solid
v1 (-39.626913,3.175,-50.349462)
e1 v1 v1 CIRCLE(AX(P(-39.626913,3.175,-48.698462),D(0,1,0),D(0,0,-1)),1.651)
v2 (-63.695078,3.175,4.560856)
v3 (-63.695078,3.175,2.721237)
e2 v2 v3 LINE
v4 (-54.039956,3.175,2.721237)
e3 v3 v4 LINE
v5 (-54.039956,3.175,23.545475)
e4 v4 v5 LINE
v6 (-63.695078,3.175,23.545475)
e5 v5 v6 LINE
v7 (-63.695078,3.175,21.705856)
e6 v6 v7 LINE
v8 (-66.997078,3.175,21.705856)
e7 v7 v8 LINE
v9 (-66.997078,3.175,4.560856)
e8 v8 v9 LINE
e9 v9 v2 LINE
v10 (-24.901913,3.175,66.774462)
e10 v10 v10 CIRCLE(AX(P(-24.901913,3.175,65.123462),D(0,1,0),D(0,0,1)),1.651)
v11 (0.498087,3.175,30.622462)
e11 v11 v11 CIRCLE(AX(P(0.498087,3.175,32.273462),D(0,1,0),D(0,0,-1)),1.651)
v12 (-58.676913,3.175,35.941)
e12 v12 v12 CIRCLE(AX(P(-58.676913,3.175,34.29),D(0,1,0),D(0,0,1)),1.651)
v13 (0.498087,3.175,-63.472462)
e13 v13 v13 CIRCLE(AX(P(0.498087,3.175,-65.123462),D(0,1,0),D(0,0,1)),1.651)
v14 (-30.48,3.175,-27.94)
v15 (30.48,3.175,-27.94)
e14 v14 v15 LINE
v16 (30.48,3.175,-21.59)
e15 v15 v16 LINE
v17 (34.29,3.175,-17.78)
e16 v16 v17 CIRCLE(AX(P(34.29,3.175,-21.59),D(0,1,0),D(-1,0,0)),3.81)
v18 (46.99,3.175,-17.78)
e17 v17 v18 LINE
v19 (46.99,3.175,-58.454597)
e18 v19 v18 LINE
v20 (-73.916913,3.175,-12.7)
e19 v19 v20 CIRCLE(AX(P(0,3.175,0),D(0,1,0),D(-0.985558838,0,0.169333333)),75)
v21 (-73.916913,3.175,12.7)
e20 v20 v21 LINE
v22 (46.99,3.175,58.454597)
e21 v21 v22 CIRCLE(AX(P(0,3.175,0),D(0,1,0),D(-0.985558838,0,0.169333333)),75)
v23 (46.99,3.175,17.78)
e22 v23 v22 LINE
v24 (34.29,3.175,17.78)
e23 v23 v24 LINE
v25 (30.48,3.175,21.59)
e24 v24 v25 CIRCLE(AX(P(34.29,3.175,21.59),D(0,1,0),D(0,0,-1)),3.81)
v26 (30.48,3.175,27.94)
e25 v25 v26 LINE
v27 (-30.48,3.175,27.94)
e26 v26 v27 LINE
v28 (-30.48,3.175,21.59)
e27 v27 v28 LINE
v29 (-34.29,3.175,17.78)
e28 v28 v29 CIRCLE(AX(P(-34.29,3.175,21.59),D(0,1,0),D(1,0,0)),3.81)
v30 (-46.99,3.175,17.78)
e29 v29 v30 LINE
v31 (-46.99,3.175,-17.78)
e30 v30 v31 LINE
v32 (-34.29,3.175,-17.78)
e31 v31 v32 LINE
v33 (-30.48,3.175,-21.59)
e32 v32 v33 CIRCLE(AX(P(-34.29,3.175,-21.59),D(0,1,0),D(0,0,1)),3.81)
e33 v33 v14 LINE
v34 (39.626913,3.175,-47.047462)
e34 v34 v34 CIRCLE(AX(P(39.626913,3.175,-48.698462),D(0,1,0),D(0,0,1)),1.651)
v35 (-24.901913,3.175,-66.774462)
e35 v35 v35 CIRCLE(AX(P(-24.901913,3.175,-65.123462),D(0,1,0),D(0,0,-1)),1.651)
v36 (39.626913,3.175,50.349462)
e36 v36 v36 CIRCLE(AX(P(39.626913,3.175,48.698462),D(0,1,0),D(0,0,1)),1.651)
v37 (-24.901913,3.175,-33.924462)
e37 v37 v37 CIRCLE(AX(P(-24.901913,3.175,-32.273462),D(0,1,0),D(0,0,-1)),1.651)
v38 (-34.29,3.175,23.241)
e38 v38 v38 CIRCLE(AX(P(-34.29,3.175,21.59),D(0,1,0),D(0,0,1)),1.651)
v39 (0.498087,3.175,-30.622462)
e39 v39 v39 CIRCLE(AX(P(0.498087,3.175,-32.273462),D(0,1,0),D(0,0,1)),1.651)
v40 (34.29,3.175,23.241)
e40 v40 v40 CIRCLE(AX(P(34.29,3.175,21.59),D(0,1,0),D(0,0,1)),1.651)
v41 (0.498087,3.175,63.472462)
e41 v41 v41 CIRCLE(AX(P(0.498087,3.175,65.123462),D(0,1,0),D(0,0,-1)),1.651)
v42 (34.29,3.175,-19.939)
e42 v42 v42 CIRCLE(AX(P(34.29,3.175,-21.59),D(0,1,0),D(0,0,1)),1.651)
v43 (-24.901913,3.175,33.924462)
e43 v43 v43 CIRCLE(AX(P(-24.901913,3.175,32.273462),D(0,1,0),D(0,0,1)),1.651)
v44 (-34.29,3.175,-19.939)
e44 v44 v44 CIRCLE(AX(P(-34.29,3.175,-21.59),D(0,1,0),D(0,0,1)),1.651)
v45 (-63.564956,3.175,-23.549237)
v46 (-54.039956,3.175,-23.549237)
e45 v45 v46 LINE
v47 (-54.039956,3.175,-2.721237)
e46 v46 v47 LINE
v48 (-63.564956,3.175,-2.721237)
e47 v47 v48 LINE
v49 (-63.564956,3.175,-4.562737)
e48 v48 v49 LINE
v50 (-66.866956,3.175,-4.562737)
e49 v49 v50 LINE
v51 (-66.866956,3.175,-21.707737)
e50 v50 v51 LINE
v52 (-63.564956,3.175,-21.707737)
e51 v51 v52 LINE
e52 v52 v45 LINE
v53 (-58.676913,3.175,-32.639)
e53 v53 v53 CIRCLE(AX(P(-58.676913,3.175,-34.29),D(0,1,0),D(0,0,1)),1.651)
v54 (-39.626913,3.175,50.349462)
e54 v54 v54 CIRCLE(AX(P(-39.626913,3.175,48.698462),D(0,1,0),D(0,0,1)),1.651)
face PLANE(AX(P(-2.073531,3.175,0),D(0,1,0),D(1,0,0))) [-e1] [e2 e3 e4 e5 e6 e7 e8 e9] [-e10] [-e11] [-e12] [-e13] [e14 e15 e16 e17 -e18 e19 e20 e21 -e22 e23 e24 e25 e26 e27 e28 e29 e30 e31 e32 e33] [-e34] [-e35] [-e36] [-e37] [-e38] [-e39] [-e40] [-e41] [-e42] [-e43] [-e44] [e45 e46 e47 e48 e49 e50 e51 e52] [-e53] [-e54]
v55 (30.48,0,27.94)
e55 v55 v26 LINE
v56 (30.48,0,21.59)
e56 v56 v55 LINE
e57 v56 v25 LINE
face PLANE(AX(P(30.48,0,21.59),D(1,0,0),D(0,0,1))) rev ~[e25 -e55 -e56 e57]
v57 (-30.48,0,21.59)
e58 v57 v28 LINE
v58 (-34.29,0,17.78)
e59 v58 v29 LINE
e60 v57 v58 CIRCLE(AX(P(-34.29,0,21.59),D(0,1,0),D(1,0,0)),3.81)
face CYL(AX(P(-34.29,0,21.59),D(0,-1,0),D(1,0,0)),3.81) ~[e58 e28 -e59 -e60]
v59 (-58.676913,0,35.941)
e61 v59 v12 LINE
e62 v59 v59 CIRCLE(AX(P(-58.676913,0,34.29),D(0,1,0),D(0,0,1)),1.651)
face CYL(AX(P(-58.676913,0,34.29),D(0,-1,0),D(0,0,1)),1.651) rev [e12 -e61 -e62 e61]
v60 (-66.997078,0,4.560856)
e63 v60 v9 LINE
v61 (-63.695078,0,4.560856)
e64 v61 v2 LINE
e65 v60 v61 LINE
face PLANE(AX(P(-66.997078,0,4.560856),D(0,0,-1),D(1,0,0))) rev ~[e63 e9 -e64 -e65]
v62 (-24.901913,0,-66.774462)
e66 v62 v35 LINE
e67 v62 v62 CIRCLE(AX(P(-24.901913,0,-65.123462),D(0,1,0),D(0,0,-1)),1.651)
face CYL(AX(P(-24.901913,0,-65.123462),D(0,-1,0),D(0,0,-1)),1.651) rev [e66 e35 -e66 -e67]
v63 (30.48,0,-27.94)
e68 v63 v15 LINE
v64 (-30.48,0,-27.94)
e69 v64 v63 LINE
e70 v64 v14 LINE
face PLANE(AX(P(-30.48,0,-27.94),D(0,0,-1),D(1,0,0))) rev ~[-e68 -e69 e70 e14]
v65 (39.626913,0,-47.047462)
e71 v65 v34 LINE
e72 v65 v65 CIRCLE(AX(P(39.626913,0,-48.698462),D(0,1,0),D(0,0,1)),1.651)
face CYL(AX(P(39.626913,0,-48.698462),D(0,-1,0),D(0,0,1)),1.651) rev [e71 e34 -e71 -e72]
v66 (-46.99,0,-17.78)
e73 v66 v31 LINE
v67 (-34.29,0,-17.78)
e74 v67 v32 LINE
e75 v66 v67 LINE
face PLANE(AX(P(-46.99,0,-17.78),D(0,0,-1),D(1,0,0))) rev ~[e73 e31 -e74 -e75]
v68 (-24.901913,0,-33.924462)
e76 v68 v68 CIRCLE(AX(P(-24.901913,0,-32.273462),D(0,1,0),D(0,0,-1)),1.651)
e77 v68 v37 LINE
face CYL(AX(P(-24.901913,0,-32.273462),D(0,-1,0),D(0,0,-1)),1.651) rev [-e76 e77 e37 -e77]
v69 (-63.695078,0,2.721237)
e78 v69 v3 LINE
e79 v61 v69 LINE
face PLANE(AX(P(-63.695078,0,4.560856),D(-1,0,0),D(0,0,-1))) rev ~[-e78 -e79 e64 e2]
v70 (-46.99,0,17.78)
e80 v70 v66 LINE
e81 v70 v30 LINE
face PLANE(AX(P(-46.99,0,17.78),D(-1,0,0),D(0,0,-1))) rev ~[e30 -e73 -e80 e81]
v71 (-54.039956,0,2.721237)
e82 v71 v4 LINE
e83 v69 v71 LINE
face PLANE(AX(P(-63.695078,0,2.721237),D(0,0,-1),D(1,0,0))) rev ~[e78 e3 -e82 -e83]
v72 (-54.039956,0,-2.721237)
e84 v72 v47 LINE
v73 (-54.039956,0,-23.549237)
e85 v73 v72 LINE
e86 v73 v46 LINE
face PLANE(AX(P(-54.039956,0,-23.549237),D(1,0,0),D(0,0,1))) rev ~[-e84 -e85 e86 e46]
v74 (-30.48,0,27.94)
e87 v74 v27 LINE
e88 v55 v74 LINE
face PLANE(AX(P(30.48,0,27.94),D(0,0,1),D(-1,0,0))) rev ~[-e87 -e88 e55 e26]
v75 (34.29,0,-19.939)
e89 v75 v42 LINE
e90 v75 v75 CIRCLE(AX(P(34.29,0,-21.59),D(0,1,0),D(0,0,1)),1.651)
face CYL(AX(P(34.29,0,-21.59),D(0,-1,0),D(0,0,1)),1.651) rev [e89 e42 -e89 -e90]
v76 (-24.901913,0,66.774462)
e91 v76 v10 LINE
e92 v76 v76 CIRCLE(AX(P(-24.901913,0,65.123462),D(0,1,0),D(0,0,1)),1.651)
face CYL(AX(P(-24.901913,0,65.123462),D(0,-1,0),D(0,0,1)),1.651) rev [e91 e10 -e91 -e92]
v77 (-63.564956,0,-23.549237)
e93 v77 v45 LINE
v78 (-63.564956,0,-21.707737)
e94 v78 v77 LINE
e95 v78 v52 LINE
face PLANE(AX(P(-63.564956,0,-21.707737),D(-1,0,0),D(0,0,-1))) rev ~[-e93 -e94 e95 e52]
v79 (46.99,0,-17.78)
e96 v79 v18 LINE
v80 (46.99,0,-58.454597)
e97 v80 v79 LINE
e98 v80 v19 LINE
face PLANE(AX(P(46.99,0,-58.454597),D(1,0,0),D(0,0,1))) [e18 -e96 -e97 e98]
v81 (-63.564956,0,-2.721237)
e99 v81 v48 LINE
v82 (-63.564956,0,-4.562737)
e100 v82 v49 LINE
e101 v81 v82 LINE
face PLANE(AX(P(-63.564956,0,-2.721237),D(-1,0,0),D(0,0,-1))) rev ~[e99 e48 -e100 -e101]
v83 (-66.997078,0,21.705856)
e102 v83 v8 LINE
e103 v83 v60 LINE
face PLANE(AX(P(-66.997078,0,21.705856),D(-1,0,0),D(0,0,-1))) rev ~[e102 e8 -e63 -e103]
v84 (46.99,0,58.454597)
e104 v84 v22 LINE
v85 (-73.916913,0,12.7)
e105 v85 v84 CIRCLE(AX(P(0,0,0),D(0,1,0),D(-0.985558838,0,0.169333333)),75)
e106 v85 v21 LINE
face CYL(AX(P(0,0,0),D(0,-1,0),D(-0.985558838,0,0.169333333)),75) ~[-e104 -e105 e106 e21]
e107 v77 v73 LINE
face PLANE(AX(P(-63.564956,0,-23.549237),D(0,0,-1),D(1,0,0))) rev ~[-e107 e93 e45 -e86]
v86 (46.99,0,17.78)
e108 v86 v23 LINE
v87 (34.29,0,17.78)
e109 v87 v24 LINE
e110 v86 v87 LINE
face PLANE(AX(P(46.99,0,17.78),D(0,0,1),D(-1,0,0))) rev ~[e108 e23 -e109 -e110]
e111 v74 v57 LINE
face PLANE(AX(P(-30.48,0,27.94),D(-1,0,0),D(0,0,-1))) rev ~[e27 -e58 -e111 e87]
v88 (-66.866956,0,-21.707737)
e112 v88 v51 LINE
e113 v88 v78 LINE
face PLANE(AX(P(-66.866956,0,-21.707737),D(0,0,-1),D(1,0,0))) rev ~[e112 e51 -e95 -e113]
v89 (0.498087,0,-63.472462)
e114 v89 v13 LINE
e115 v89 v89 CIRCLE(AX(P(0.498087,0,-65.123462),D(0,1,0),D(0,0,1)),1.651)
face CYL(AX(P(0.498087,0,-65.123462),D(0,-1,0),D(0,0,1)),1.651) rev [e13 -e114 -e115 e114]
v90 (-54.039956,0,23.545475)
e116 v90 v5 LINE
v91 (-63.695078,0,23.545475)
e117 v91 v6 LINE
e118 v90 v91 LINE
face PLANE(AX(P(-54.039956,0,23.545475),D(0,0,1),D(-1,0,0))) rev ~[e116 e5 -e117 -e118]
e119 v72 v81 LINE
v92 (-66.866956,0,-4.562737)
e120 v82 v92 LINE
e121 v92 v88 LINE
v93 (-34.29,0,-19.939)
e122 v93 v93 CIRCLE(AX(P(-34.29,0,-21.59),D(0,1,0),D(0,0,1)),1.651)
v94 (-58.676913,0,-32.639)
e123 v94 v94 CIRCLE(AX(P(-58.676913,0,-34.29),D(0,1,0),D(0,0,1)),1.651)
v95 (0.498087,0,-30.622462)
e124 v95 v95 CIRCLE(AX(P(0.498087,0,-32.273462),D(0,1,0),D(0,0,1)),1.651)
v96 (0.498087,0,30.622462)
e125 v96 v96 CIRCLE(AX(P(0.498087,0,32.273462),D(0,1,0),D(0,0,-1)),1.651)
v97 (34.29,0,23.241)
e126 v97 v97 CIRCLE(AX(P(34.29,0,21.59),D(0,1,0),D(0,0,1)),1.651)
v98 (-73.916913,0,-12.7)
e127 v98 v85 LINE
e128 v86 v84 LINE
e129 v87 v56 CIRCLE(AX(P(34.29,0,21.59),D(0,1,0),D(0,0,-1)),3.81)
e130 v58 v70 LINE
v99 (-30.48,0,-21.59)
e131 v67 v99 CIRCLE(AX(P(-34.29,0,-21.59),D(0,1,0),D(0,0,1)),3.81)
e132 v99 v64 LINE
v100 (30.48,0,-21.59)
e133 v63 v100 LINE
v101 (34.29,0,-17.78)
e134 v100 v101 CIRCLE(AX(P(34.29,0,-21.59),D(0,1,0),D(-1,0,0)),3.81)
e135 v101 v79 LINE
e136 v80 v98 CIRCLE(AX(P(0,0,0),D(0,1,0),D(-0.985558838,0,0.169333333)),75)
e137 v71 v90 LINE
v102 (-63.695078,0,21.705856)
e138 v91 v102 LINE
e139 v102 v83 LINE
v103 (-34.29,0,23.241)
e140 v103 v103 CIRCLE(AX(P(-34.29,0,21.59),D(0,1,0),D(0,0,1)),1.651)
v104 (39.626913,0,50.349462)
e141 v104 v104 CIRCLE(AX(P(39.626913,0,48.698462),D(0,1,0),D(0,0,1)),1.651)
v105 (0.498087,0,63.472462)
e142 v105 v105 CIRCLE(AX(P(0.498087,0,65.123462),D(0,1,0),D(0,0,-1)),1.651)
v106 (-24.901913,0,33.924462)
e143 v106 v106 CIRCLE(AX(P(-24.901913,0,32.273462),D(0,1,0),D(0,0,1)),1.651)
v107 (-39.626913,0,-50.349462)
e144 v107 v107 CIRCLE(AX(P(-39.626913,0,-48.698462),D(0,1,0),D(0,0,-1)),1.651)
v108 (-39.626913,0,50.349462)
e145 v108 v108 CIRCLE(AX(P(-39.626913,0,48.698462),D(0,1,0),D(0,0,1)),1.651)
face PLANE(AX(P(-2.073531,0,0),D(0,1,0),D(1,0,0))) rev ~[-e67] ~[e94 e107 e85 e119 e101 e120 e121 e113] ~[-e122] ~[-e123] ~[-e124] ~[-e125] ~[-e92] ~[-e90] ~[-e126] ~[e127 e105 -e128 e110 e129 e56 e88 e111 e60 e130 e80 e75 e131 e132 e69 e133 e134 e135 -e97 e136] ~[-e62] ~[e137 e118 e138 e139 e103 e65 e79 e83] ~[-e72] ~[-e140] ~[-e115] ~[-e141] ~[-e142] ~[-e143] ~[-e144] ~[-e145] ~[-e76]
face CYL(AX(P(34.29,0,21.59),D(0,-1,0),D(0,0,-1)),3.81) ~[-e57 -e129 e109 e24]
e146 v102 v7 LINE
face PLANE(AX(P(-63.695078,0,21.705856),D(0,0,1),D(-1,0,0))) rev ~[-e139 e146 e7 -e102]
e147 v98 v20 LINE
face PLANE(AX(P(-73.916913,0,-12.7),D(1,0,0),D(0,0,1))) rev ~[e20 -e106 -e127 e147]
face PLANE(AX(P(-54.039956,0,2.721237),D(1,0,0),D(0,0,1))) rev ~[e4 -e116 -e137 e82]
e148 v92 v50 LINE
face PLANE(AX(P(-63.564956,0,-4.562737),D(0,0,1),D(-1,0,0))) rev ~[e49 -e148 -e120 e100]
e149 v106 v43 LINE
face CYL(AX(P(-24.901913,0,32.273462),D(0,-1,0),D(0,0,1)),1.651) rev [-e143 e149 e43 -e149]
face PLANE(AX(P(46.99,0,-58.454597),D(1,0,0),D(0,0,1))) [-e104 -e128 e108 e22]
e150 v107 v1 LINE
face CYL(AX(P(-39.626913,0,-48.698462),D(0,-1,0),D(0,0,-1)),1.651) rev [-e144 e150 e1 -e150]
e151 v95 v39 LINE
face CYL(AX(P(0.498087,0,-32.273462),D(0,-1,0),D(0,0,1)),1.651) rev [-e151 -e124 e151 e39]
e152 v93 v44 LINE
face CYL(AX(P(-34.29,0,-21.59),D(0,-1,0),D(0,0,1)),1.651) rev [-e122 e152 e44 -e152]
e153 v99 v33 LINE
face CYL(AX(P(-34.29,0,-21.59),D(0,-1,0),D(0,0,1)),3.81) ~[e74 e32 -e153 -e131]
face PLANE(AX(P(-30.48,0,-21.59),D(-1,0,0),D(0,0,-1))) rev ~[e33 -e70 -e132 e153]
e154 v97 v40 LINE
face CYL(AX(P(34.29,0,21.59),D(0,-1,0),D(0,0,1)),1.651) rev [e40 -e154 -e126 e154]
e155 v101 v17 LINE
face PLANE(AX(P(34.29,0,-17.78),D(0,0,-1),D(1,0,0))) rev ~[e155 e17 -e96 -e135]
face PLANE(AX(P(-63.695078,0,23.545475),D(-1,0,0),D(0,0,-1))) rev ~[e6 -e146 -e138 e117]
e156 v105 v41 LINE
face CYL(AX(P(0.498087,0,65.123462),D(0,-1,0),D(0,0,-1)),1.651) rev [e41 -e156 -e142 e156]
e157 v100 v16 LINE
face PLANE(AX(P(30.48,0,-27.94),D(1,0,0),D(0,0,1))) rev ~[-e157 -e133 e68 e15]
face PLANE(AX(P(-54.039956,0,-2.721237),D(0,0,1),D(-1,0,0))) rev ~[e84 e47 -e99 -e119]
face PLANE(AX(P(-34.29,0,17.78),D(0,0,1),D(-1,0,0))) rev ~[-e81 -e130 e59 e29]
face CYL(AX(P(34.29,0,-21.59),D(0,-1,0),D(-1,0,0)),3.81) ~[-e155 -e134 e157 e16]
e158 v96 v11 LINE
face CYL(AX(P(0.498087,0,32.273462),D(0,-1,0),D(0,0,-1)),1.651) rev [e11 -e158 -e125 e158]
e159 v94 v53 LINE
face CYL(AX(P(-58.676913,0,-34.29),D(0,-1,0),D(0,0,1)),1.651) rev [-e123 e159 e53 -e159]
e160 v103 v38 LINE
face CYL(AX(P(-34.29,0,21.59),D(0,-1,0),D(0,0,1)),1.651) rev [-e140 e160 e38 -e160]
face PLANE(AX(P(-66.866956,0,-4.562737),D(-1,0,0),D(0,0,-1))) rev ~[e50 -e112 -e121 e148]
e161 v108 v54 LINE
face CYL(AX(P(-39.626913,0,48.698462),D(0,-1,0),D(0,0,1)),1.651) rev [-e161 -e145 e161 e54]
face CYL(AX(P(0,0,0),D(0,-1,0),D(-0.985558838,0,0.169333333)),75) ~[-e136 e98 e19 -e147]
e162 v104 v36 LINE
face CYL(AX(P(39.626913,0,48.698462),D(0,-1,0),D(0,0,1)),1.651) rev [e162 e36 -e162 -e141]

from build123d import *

# Parameters (mm, degrees)
SKETCH1_R           = 1.651
BOSS_EXTRUDE1_DEPTH = 3.175
CUT_EXTRUDE1_START  = -3.175
CUT_EXTRUDE1_DEPTH  = 3.175


with BuildPart() as part:
    # Sketch1 → Boss-Extrude1 (new body)
    with BuildSketch(Plane(origin=(0, 0, 0), x_dir=(1, 0, 0), z_dir=(0, 1, 0))):
        with BuildLine():
            Line((-73.916912814, 12.7), (-73.916912814, -12.7))
            ThreePointArc((-73.916912814, -12.7), (75, 0), (-73.916912814, 12.7))
        make_face()
        with Locations(Location((-34.29, 21.59, 0), (0, 0, 270))):
            Circle(SKETCH1_R, mode=Mode.SUBTRACT)
        with Locations(Location((34.29, 21.59, 0), (0, 0, 270))):
            Circle(SKETCH1_R, mode=Mode.SUBTRACT)
        with Locations(Location((-34.29, -21.59, 0), (0, 0, 270))):
            Circle(SKETCH1_R, mode=Mode.SUBTRACT)
        with Locations(Location((34.29, -21.59, 0), (0, 0, 270))):
            Circle(SKETCH1_R, mode=Mode.SUBTRACT)
        with Locations(Location((39.626912814, -48.698461806, 0), (0, 0, 270))):
            Circle(SKETCH1_R, mode=Mode.SUBTRACT)
        with Locations(Location((-58.676912814, -34.29, 0), (0, 0, 270))):
            Circle(SKETCH1_R, mode=Mode.SUBTRACT)
        with Locations(Location((-58.676912814, 34.29, 0), (0, 0, 270))):
            Circle(SKETCH1_R, mode=Mode.SUBTRACT)
        with Locations(Location((39.626912814, 48.698461806, 0), (0, 0, 270))):
            Circle(SKETCH1_R, mode=Mode.SUBTRACT)
        with Locations(Location((0.498087186, -65.123461806, 0), (0, 0, 90))):
            Circle(SKETCH1_R, mode=Mode.SUBTRACT)
        with Locations(Location((0.498087186, -32.273461806, 0), (0, 0, 90))):
            Circle(SKETCH1_R, mode=Mode.SUBTRACT)
        with Locations(Location((0.498087186, 32.273461806, 0), (0, 0, 270))):
            Circle(SKETCH1_R, mode=Mode.SUBTRACT)
        with Locations(Location((0.498087186, 65.123461806, 0), (0, 0, 270))):
            Circle(SKETCH1_R, mode=Mode.SUBTRACT)
        with Locations(Location((-39.626912814, -48.698461806, 0), (0, 0, 270))):
            Circle(SKETCH1_R, mode=Mode.SUBTRACT)
        with Locations(Location((-24.901912814, -32.273461806, 0), (0, 0, 270))):
            Circle(SKETCH1_R, mode=Mode.SUBTRACT)
        with Locations(Location((-24.901912814, -65.123461806, 0), (0, 0, 270))):
            Circle(SKETCH1_R, mode=Mode.SUBTRACT)
        with Locations(Location((-24.901912814, 65.123461806, 0), (0, 0, 90))):
            Circle(SKETCH1_R, mode=Mode.SUBTRACT)
        with Locations(Location((-39.626912814, 48.698461806, 0), (0, 0, 90))):
            Circle(SKETCH1_R, mode=Mode.SUBTRACT)
        with Locations(Location((-24.901912814, 32.273461806, 0), (0, 0, 90))):
            Circle(SKETCH1_R, mode=Mode.SUBTRACT)
        with BuildLine():
            Line((-30.48, 27.94), (30.48, 27.94))
            Line((30.48, 27.94), (30.48, 21.59))
            ThreePointArc((30.48, 21.59), (31.595923164, 18.895923164), (34.29, 17.78))
            Line((34.29, 17.78), (46.99, 17.78))
            Line((46.99, 17.78), (46.99, -17.78))
            Line((46.99, -17.78), (34.29, -17.78))
            ThreePointArc((34.29, -17.78), (31.595923164, -18.895923164), (30.48, -21.59))
            Line((30.48, -21.59), (30.48, -27.94))
            Line((30.48, -27.94), (-30.48, -27.94))
            Line((-30.48, -27.94), (-30.48, -21.59))
            ThreePointArc((-30.48, -21.59), (-31.595923164, -18.895923164), (-34.29, -17.78))
            Line((-34.29, -17.78), (-46.99, -17.78))
            Line((-46.99, -17.78), (-46.99, 17.78))
            Line((-46.99, 17.78), (-34.29, 17.78))
            ThreePointArc((-34.29, 17.78), (-31.595923164, 18.895923164), (-30.48, 21.59))
            Line((-30.48, 21.59), (-30.48, 27.94))
        make_face(mode=Mode.SUBTRACT)
        Polygon((-66.997078327, -4.560855709), (-63.695078327, -4.560855709), (-63.695078327, -2.72123678), (-54.039956407, -2.72123678), (-54.039956407, -4.558974638), (-54.039956407, -21.70773678), (-54.039956407, -23.545474638), (-63.695078327, -23.545474638), (-63.695078327, -21.705855709), (-66.997078327, -21.705855709), align=None, mode=Mode.SUBTRACT)
        Polygon((-66.866956407, 21.70773678), (-63.564956407, 21.70773678), (-63.564956407, 23.54923678), (-54.039956407, 23.54923678), (-54.039956407, 21.70773678), (-54.039956407, 4.56273678), (-54.039956407, 2.72123678), (-63.564956407, 2.72123678), (-63.564956407, 4.56273678), (-66.866956407, 4.56273678), align=None, mode=Mode.SUBTRACT)
    extrude(amount=BOSS_EXTRUDE1_DEPTH)

    # Sketch2 → Cut-Extrude1 (cut)
    with BuildSketch(Plane(origin=(0, 3.175, 0), x_dir=(1, 0, 0), z_dir=(0, 1, 0)).offset(CUT_EXTRUDE1_START)):
        with BuildLine():
            Line((46.99, 58.454596911), (46.99, -58.454596911))
            ThreePointArc((46.99, -58.454596911), (75, 0), (46.99, 58.454596911))
        make_face()
    extrude(amount=CUT_EXTRUDE1_DEPTH, mode=Mode.SUBTRACT)


solid = part.part
